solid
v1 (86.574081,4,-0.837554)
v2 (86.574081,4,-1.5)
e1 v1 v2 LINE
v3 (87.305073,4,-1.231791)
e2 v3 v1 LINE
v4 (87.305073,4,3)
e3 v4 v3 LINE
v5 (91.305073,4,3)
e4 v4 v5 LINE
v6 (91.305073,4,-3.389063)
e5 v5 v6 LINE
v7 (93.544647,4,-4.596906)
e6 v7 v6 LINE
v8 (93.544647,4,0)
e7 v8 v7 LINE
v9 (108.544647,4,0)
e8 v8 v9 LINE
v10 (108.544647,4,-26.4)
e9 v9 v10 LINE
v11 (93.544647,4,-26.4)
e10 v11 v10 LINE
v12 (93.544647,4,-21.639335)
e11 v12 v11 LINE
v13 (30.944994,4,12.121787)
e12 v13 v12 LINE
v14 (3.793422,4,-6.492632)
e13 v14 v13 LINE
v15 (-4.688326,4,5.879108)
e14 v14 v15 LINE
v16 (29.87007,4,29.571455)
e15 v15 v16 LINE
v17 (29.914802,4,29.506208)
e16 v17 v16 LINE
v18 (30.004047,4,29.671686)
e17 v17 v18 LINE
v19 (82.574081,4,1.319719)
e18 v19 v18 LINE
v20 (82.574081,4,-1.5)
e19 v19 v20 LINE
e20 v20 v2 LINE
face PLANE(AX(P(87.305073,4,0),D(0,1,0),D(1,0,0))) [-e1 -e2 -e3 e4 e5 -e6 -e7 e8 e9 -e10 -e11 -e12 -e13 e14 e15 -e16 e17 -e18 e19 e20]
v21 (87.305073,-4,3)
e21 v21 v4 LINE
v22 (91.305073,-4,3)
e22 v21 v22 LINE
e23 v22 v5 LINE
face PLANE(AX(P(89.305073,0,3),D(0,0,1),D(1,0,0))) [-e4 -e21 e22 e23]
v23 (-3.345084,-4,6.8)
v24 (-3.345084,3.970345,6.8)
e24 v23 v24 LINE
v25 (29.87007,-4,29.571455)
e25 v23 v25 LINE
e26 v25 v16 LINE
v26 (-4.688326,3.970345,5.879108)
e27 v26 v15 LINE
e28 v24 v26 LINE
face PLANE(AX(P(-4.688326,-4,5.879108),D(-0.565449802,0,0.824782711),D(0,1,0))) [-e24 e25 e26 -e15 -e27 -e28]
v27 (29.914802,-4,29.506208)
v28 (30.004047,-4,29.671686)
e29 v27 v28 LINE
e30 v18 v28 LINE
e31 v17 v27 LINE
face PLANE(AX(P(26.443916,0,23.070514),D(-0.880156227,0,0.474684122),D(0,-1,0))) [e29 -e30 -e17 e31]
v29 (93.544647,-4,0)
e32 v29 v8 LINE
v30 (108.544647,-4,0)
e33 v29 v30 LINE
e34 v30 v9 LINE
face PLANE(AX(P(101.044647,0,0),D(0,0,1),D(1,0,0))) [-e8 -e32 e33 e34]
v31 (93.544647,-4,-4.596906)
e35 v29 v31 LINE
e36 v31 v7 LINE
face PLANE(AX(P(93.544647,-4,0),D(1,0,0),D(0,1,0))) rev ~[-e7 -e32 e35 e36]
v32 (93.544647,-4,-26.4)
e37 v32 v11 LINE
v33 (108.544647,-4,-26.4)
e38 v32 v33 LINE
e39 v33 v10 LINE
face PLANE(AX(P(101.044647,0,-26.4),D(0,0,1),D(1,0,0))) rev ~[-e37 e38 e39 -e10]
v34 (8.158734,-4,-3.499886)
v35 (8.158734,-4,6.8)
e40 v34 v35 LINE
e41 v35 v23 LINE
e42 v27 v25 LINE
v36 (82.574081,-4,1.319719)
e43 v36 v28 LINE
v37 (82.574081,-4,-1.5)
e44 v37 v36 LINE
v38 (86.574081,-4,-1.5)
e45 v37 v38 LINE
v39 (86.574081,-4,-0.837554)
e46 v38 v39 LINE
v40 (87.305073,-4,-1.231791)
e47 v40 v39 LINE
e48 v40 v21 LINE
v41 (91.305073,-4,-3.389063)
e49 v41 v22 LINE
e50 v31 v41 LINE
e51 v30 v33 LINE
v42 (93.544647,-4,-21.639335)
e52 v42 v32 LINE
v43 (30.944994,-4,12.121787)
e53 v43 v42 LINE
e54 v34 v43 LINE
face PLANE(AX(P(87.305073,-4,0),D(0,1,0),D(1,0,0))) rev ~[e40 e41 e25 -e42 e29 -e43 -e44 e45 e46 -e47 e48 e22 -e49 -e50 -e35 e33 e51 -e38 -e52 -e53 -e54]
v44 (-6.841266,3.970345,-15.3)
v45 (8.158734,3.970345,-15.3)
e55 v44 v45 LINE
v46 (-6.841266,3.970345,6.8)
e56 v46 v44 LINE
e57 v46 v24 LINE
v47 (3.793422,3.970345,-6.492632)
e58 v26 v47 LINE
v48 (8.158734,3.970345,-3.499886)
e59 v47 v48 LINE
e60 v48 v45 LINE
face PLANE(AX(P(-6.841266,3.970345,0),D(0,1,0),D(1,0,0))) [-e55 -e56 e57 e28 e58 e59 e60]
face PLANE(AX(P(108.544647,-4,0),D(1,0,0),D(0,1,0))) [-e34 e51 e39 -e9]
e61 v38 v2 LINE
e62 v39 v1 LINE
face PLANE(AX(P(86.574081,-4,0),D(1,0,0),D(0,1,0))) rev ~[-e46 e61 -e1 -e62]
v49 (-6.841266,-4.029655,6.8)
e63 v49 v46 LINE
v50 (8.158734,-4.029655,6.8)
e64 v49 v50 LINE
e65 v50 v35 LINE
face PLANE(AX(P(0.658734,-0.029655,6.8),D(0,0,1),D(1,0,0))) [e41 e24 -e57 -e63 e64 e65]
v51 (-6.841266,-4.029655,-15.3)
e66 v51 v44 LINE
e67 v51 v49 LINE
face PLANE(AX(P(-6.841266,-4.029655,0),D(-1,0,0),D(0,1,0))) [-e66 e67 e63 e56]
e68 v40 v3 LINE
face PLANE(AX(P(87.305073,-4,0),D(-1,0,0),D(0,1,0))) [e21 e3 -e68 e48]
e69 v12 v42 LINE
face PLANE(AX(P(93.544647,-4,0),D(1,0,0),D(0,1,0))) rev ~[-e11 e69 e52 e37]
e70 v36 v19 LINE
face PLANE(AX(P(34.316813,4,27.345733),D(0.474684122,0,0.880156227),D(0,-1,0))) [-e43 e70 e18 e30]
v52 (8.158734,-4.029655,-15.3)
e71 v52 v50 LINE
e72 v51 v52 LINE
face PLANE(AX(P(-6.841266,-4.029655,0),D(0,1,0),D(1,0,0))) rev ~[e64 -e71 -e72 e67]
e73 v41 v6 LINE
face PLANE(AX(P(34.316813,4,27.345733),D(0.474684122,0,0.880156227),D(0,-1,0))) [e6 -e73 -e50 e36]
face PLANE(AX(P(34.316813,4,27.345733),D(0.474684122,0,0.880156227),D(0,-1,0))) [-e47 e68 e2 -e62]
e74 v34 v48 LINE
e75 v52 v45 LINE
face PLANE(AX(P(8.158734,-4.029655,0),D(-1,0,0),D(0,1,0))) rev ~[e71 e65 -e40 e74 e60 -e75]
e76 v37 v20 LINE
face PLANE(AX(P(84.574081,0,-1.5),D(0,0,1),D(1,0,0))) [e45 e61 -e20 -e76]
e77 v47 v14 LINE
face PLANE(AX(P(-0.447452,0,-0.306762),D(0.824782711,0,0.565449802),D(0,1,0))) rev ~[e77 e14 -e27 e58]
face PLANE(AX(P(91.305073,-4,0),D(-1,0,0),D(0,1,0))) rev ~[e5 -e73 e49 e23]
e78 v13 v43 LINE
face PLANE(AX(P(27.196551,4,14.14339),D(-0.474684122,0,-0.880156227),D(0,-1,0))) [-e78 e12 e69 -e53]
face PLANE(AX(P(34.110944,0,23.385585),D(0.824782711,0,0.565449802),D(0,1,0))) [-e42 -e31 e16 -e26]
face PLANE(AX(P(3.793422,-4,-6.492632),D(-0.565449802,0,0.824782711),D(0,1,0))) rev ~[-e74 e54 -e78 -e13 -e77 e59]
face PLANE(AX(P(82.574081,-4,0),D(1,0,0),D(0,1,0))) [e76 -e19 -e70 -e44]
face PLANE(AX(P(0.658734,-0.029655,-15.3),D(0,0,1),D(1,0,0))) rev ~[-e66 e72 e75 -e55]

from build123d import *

# Parameters (mm, degrees)
F4_W      = 8
F4_H      = 15
F5_DEPTH  = 41.9
F6_W      = 8
F6_H      = 15
F7_DEPTH  = 84.2
F8_DEPTH  = 4.9
F9_W      = 15
F9_H      = 8
F10_DEPTH = 15.3
F11_DEPTH = 6.8
F12_W     = 15
F12_H     = 8
F13_DEPTH = 26.4
F14_W     = 4
F14_H     = 8
F15_DEPTH = 1.5
F16_W     = 4
F16_H     = 8
F17_DEPTH = 5
F18_DEPTH = 3


with BuildPart() as f5:
    # F4 (on face) → F5 (new body)
    with BuildSketch(Plane(origin=(-0.447452, 0, -0.306762), x_dir=(0, 1, 0), z_dir=(0.824783, 0, 0.56545))):
        Rectangle(F4_W, F4_H)
    extrude(amount=F5_DEPTH)

    # F6 (on face) → F7 (join)
    with BuildSketch(Plane(origin=(15.159437, 0, -8.175749), x_dir=(0, -1, 0), z_dir=(-0.880156, 0, 0.474684))):
        with Locations((0, 32.858156)):
            Rectangle(F6_W, F6_H)
    extrude(amount=-F7_DEPTH)

    # F6 (on face) → F8 (join)
    with BuildSketch(Plane(origin=(15.159437, 0, -8.175749), x_dir=(0, -1, 0), z_dir=(-0.880156, 0, 0.474684))):
        with Locations((0, 32.858156)):
            Rectangle(F6_W, F6_H)
    extrude(amount=F8_DEPTH)

    # F9 (on Top) → F10 (join)
    with BuildSketch(Plane.XY):
        with Locations((0.658734, -0.029655)):
            Rectangle(F9_W, F9_H)
    extrude(amount=-F10_DEPTH)

    # F9 (on Top) → F11 (join)
    with BuildSketch(Plane.XY):
        with Locations((0.658734, -0.029655)):
            Rectangle(F9_W, F9_H)
    extrude(amount=F11_DEPTH)

    # F12 (on Top) → F13 (join)
    with BuildSketch(Plane.XY):
        with Locations((101.044647, 0)):
            Rectangle(F12_W, F12_H)
    extrude(amount=-F13_DEPTH)

    # F14 (on Top) → F15 (cut, symmetric)
    with BuildSketch(Plane.XY):
        with Locations((84.574081, 0)):
            Rectangle(F14_W, F14_H)
    extrude(amount=F15_DEPTH, both=True, mode=Mode.SUBTRACT)

    # F16 (on Top) → F17 (join)
    with BuildSketch(Plane.XY):
        with Locations((89.305073, 0)):
            Rectangle(F16_W, F16_H)
    extrude(amount=-F17_DEPTH)

    # F16 (on Top) → F18 (join)
    with BuildSketch(Plane.XY):
        with Locations((89.305073, 0)):
            Rectangle(F16_W, F16_H)
    extrude(amount=F18_DEPTH)


solid = f5.part
